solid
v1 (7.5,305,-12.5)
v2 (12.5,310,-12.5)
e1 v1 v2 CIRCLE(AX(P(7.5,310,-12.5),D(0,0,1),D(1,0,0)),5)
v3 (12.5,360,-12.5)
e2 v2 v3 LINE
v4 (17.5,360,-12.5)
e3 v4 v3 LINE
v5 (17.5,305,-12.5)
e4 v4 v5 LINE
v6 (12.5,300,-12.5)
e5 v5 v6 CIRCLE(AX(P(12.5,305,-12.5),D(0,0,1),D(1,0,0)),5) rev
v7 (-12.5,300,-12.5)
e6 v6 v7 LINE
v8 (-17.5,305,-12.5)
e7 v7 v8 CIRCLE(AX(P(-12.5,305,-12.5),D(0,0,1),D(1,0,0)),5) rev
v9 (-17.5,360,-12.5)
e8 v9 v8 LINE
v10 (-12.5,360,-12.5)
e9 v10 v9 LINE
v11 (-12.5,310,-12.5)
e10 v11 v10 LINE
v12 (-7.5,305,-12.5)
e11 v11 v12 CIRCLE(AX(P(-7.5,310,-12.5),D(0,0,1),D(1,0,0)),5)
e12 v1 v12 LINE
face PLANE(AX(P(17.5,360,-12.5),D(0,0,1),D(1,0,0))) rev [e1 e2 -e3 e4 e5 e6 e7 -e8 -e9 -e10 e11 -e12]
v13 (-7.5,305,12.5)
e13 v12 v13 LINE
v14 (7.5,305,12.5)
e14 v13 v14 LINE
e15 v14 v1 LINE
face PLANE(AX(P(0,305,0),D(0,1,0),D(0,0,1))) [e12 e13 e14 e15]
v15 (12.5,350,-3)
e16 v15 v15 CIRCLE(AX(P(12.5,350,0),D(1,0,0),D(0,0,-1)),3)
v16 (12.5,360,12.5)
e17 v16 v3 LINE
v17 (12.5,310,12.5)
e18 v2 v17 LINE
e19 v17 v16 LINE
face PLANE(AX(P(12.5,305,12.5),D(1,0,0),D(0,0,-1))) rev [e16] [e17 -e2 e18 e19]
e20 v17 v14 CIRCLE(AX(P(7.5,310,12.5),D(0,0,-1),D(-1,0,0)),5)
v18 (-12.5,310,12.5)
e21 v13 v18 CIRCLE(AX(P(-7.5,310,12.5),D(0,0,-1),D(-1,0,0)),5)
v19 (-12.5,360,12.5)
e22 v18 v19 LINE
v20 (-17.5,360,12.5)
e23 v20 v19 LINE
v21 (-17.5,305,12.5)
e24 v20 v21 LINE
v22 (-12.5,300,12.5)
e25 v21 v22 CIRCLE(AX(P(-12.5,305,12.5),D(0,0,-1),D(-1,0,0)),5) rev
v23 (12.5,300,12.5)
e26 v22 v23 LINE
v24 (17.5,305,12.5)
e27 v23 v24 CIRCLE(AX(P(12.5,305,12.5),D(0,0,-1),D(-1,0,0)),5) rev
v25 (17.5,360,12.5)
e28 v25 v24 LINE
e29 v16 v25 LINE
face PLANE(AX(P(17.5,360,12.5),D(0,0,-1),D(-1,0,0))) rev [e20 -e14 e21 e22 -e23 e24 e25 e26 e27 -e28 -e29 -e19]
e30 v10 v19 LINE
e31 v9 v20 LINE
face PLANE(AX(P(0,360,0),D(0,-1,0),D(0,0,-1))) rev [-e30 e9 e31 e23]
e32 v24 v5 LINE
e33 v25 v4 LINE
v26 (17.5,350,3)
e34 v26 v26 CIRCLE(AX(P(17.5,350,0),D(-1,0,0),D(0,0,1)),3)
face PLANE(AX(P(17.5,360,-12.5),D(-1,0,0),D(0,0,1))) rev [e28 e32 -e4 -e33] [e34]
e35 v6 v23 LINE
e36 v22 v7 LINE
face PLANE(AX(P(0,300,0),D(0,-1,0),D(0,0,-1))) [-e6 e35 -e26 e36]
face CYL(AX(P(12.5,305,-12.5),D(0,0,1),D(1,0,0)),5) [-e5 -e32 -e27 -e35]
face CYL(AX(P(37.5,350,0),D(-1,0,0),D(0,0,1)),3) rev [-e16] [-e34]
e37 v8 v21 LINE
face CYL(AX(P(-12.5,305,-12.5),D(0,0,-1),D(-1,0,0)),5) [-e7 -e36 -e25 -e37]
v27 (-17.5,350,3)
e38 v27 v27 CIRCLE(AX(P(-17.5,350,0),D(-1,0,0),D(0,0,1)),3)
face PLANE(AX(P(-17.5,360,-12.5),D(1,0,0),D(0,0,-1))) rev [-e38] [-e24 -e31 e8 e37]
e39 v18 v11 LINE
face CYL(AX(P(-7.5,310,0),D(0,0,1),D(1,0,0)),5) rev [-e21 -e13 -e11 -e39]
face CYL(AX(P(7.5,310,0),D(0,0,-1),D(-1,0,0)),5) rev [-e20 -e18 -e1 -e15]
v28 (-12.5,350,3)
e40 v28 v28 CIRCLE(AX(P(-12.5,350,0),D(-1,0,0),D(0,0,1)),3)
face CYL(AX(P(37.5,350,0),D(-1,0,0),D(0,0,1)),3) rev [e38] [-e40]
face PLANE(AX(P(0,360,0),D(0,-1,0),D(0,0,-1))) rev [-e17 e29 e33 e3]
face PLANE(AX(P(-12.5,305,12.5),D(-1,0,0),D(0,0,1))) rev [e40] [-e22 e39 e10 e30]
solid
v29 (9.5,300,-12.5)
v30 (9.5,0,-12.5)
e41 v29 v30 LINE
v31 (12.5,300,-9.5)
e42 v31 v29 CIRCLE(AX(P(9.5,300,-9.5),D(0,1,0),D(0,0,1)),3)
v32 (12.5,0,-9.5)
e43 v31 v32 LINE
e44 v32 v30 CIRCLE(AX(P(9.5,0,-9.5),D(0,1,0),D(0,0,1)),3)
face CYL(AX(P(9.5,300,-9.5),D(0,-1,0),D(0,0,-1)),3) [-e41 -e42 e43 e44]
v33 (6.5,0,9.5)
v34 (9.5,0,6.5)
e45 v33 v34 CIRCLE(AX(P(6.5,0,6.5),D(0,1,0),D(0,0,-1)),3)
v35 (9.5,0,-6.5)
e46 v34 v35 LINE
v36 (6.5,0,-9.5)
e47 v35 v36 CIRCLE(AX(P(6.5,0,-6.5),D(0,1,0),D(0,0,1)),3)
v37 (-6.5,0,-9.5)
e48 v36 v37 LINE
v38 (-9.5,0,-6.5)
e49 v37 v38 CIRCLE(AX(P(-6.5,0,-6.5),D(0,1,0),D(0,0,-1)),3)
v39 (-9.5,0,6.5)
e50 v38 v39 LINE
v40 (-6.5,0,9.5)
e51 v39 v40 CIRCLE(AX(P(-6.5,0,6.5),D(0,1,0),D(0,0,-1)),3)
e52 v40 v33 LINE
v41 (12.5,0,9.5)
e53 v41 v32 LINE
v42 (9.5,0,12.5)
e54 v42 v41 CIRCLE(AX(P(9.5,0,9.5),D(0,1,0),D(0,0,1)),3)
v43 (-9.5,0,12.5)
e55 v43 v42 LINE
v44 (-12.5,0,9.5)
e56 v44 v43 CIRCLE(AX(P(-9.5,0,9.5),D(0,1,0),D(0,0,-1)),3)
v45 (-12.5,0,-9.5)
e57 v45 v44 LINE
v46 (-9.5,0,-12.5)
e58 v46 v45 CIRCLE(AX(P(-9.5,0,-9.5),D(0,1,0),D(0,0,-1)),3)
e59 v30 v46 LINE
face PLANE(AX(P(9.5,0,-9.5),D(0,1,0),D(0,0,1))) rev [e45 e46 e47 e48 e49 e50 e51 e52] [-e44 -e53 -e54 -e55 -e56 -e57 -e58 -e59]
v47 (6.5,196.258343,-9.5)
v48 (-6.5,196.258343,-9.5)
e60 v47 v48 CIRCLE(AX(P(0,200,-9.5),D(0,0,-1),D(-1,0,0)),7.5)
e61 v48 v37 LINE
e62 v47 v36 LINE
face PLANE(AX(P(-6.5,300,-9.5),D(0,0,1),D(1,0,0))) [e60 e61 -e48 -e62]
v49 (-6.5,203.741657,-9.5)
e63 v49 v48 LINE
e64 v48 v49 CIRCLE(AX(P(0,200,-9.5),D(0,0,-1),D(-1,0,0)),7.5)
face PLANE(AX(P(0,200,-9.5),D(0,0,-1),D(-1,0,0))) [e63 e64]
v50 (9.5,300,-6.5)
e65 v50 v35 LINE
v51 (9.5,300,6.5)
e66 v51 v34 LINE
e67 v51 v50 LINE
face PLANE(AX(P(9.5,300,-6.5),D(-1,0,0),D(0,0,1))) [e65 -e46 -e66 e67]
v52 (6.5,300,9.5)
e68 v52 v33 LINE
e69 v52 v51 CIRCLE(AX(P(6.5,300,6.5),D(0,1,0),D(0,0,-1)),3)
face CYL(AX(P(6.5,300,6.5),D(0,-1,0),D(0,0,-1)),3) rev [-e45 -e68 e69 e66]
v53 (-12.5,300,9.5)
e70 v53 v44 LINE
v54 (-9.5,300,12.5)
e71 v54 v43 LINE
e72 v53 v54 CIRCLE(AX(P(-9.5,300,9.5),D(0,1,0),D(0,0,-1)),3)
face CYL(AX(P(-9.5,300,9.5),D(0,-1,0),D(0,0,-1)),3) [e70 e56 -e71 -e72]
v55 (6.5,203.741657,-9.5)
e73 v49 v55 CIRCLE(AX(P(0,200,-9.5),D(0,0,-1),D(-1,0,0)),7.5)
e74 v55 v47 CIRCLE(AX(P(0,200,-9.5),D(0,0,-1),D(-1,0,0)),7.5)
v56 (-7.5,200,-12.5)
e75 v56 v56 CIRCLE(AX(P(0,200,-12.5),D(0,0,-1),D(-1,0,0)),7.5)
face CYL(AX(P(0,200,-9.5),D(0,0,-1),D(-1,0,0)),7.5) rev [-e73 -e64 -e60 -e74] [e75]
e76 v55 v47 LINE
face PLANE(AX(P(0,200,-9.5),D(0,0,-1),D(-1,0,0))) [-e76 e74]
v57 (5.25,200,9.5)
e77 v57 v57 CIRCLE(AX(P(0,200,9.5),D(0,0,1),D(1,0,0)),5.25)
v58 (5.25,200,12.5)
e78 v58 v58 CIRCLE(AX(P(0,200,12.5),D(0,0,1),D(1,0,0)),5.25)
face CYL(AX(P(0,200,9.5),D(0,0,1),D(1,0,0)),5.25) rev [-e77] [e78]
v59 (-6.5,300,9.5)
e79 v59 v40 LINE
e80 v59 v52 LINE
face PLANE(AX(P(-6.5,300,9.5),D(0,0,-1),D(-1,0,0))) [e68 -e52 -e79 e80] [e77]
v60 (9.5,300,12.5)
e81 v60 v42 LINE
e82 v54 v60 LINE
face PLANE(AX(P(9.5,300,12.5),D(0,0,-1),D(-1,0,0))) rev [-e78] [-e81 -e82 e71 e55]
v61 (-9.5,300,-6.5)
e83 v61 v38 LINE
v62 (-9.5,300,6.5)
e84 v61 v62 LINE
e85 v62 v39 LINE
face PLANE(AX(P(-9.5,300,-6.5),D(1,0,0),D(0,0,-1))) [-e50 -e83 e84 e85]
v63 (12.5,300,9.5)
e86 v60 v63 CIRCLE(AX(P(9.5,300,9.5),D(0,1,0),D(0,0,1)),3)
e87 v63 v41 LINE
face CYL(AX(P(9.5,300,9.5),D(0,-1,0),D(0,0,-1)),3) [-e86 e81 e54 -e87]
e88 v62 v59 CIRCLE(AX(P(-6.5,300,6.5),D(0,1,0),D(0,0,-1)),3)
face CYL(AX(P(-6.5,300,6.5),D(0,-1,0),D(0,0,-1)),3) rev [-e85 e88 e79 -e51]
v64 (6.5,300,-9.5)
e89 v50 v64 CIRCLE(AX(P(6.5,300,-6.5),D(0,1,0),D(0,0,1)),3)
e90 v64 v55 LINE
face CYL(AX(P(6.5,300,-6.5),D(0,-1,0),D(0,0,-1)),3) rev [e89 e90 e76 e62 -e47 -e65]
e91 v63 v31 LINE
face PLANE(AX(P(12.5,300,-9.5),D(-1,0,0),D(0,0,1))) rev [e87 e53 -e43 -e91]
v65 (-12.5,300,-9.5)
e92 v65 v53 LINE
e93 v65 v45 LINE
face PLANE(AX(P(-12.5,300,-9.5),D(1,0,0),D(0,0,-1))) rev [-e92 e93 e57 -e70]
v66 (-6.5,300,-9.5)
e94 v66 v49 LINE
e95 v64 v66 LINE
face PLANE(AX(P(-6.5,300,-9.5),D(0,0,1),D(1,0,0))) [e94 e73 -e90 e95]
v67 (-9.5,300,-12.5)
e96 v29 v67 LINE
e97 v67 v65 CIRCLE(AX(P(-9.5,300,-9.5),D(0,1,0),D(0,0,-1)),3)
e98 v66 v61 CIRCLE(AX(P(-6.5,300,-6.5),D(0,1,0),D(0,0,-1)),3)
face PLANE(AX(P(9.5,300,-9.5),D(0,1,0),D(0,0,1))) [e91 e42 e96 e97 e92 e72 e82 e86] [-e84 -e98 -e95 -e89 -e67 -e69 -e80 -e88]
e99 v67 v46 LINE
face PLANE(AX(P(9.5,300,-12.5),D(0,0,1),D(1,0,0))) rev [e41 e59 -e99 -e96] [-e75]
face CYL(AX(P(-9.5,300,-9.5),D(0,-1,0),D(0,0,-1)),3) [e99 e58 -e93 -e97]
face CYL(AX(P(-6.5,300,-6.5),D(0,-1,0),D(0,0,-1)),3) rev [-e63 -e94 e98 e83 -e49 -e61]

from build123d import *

# Parameters (mm, degrees)
BOSS_EXTRUDE1_DEPTH = 300
SKETCH2_R           = 7.5
CUT_EXTRUDE1_DEPTH  = 3
SKETCH3_R           = 5.25
CUT_EXTRUDE2_DEPTH  = 3
SKETCH5_W           = 35
SKETCH5_H           = 25
BOSS_EXTRUDE2_DEPTH = 60
SKETCH7_W           = 25
SKETCH7_H           = 25
CUT_EXTRUDE4_DEPTH  = 55
SKETCH8_R           = 3
CUT_EXTRUDE5_DEPTH  = 55
FILLET1_R           = 5
FILLET2_R           = 5


with BuildPart() as part:
    # Sketch1 → Boss-Extrude1 (new body)
    with BuildSketch(Plane(origin=(0, 0, 0), x_dir=(1, 0, 0), z_dir=(0, 1, 0))):
        with BuildLine():
            Line((9.5, 12.5), (-9.5, 12.5))
            ThreePointArc((-9.5, 12.5), (-11.621320344, 11.621320344), (-12.5, 9.5))
            Line((-12.5, 9.5), (-12.5, -9.5))
            ThreePointArc((-12.5, -9.5), (-11.621320344, -11.621320344), (-9.5, -12.5))
            Line((-9.5, -12.5), (9.5, -12.5))
            ThreePointArc((9.5, -12.5), (11.621320344, -11.621320344), (12.5, -9.5))
            Line((12.5, -9.5), (12.5, 9.5))
            ThreePointArc((12.5, 9.5), (11.621320344, 11.621320344), (9.5, 12.5))
        make_face()
        with BuildLine():
            Line((-6.5, 9.5), (6.5, 9.5))
            ThreePointArc((6.5, 9.5), (8.621320344, 8.621320344), (9.5, 6.5))
            Line((9.5, 6.5), (9.5, -6.5))
            ThreePointArc((9.5, -6.5), (8.621320344, -8.621320344), (6.5, -9.5))
            Line((6.5, -9.5), (-6.5, -9.5))
            ThreePointArc((-6.5, -9.5), (-8.621320344, -8.621320344), (-9.5, -6.5))
            Line((-9.5, -6.5), (-9.5, 6.5))
            ThreePointArc((-9.5, 6.5), (-8.621320344, 8.621320344), (-6.5, 9.5))
        make_face(mode=Mode.SUBTRACT)
    extrude(amount=BOSS_EXTRUDE1_DEPTH)

    # Sketch2 → Cut-Extrude1 (cut)
    with BuildSketch(Plane(origin=(0, 0, -12.5), x_dir=(-1, 0, 0), z_dir=(0, 0, -1))):
        with Locations((0, 200)):
            Circle(SKETCH2_R)
    extrude(amount=-CUT_EXTRUDE1_DEPTH, mode=Mode.SUBTRACT)

    # Sketch3 → Cut-Extrude2 (cut)
    with BuildSketch(Plane.XY.offset(12.5)):
        with Locations((0, 200)):
            Circle(SKETCH3_R)
    extrude(amount=-CUT_EXTRUDE2_DEPTH, mode=Mode.SUBTRACT)


with BuildPart() as body_2:
    # Sketch5 → Boss-Extrude2 (new body)
    with BuildSketch(Plane(origin=(0, 300, 0), x_dir=(1, 0, 0), z_dir=(0, 1, 0))):
        Rectangle(SKETCH5_W, SKETCH5_H)
    extrude(amount=BOSS_EXTRUDE2_DEPTH)

    # Sketch7 → Cut-Extrude4 (cut)
    with BuildSketch(Plane(origin=(0, 360, 0), x_dir=(1, 0, 0), z_dir=(0, 1, 0))):
        Rectangle(SKETCH7_W, SKETCH7_H)
    extrude(amount=-CUT_EXTRUDE4_DEPTH, mode=Mode.SUBTRACT)

    # Sketch8 → Cut-Extrude5 (cut)
    with BuildSketch(Plane.ZY.offset(17.5)):
        with Locations((0, 350)):
            Circle(SKETCH8_R)
    extrude(amount=-CUT_EXTRUDE5_DEPTH, mode=Mode.SUBTRACT)

    # Fillet1
    fillet1_edges = [body_2.edges().sort_by_distance(p)[0] for p in [
        (-12.5, 305, 0),
        (12.5, 305, 0),
    ]]
    fillet(fillet1_edges, radius=FILLET1_R)

    # Fillet2
    fillet2_edges = [body_2.edges().sort_by_distance(p)[0] for p in [
        (17.5, 300, 0),
        (-17.5, 300, 0),
    ]]
    fillet(fillet2_edges, radius=FILLET2_R)


solid = Compound([part.part, body_2.part])
